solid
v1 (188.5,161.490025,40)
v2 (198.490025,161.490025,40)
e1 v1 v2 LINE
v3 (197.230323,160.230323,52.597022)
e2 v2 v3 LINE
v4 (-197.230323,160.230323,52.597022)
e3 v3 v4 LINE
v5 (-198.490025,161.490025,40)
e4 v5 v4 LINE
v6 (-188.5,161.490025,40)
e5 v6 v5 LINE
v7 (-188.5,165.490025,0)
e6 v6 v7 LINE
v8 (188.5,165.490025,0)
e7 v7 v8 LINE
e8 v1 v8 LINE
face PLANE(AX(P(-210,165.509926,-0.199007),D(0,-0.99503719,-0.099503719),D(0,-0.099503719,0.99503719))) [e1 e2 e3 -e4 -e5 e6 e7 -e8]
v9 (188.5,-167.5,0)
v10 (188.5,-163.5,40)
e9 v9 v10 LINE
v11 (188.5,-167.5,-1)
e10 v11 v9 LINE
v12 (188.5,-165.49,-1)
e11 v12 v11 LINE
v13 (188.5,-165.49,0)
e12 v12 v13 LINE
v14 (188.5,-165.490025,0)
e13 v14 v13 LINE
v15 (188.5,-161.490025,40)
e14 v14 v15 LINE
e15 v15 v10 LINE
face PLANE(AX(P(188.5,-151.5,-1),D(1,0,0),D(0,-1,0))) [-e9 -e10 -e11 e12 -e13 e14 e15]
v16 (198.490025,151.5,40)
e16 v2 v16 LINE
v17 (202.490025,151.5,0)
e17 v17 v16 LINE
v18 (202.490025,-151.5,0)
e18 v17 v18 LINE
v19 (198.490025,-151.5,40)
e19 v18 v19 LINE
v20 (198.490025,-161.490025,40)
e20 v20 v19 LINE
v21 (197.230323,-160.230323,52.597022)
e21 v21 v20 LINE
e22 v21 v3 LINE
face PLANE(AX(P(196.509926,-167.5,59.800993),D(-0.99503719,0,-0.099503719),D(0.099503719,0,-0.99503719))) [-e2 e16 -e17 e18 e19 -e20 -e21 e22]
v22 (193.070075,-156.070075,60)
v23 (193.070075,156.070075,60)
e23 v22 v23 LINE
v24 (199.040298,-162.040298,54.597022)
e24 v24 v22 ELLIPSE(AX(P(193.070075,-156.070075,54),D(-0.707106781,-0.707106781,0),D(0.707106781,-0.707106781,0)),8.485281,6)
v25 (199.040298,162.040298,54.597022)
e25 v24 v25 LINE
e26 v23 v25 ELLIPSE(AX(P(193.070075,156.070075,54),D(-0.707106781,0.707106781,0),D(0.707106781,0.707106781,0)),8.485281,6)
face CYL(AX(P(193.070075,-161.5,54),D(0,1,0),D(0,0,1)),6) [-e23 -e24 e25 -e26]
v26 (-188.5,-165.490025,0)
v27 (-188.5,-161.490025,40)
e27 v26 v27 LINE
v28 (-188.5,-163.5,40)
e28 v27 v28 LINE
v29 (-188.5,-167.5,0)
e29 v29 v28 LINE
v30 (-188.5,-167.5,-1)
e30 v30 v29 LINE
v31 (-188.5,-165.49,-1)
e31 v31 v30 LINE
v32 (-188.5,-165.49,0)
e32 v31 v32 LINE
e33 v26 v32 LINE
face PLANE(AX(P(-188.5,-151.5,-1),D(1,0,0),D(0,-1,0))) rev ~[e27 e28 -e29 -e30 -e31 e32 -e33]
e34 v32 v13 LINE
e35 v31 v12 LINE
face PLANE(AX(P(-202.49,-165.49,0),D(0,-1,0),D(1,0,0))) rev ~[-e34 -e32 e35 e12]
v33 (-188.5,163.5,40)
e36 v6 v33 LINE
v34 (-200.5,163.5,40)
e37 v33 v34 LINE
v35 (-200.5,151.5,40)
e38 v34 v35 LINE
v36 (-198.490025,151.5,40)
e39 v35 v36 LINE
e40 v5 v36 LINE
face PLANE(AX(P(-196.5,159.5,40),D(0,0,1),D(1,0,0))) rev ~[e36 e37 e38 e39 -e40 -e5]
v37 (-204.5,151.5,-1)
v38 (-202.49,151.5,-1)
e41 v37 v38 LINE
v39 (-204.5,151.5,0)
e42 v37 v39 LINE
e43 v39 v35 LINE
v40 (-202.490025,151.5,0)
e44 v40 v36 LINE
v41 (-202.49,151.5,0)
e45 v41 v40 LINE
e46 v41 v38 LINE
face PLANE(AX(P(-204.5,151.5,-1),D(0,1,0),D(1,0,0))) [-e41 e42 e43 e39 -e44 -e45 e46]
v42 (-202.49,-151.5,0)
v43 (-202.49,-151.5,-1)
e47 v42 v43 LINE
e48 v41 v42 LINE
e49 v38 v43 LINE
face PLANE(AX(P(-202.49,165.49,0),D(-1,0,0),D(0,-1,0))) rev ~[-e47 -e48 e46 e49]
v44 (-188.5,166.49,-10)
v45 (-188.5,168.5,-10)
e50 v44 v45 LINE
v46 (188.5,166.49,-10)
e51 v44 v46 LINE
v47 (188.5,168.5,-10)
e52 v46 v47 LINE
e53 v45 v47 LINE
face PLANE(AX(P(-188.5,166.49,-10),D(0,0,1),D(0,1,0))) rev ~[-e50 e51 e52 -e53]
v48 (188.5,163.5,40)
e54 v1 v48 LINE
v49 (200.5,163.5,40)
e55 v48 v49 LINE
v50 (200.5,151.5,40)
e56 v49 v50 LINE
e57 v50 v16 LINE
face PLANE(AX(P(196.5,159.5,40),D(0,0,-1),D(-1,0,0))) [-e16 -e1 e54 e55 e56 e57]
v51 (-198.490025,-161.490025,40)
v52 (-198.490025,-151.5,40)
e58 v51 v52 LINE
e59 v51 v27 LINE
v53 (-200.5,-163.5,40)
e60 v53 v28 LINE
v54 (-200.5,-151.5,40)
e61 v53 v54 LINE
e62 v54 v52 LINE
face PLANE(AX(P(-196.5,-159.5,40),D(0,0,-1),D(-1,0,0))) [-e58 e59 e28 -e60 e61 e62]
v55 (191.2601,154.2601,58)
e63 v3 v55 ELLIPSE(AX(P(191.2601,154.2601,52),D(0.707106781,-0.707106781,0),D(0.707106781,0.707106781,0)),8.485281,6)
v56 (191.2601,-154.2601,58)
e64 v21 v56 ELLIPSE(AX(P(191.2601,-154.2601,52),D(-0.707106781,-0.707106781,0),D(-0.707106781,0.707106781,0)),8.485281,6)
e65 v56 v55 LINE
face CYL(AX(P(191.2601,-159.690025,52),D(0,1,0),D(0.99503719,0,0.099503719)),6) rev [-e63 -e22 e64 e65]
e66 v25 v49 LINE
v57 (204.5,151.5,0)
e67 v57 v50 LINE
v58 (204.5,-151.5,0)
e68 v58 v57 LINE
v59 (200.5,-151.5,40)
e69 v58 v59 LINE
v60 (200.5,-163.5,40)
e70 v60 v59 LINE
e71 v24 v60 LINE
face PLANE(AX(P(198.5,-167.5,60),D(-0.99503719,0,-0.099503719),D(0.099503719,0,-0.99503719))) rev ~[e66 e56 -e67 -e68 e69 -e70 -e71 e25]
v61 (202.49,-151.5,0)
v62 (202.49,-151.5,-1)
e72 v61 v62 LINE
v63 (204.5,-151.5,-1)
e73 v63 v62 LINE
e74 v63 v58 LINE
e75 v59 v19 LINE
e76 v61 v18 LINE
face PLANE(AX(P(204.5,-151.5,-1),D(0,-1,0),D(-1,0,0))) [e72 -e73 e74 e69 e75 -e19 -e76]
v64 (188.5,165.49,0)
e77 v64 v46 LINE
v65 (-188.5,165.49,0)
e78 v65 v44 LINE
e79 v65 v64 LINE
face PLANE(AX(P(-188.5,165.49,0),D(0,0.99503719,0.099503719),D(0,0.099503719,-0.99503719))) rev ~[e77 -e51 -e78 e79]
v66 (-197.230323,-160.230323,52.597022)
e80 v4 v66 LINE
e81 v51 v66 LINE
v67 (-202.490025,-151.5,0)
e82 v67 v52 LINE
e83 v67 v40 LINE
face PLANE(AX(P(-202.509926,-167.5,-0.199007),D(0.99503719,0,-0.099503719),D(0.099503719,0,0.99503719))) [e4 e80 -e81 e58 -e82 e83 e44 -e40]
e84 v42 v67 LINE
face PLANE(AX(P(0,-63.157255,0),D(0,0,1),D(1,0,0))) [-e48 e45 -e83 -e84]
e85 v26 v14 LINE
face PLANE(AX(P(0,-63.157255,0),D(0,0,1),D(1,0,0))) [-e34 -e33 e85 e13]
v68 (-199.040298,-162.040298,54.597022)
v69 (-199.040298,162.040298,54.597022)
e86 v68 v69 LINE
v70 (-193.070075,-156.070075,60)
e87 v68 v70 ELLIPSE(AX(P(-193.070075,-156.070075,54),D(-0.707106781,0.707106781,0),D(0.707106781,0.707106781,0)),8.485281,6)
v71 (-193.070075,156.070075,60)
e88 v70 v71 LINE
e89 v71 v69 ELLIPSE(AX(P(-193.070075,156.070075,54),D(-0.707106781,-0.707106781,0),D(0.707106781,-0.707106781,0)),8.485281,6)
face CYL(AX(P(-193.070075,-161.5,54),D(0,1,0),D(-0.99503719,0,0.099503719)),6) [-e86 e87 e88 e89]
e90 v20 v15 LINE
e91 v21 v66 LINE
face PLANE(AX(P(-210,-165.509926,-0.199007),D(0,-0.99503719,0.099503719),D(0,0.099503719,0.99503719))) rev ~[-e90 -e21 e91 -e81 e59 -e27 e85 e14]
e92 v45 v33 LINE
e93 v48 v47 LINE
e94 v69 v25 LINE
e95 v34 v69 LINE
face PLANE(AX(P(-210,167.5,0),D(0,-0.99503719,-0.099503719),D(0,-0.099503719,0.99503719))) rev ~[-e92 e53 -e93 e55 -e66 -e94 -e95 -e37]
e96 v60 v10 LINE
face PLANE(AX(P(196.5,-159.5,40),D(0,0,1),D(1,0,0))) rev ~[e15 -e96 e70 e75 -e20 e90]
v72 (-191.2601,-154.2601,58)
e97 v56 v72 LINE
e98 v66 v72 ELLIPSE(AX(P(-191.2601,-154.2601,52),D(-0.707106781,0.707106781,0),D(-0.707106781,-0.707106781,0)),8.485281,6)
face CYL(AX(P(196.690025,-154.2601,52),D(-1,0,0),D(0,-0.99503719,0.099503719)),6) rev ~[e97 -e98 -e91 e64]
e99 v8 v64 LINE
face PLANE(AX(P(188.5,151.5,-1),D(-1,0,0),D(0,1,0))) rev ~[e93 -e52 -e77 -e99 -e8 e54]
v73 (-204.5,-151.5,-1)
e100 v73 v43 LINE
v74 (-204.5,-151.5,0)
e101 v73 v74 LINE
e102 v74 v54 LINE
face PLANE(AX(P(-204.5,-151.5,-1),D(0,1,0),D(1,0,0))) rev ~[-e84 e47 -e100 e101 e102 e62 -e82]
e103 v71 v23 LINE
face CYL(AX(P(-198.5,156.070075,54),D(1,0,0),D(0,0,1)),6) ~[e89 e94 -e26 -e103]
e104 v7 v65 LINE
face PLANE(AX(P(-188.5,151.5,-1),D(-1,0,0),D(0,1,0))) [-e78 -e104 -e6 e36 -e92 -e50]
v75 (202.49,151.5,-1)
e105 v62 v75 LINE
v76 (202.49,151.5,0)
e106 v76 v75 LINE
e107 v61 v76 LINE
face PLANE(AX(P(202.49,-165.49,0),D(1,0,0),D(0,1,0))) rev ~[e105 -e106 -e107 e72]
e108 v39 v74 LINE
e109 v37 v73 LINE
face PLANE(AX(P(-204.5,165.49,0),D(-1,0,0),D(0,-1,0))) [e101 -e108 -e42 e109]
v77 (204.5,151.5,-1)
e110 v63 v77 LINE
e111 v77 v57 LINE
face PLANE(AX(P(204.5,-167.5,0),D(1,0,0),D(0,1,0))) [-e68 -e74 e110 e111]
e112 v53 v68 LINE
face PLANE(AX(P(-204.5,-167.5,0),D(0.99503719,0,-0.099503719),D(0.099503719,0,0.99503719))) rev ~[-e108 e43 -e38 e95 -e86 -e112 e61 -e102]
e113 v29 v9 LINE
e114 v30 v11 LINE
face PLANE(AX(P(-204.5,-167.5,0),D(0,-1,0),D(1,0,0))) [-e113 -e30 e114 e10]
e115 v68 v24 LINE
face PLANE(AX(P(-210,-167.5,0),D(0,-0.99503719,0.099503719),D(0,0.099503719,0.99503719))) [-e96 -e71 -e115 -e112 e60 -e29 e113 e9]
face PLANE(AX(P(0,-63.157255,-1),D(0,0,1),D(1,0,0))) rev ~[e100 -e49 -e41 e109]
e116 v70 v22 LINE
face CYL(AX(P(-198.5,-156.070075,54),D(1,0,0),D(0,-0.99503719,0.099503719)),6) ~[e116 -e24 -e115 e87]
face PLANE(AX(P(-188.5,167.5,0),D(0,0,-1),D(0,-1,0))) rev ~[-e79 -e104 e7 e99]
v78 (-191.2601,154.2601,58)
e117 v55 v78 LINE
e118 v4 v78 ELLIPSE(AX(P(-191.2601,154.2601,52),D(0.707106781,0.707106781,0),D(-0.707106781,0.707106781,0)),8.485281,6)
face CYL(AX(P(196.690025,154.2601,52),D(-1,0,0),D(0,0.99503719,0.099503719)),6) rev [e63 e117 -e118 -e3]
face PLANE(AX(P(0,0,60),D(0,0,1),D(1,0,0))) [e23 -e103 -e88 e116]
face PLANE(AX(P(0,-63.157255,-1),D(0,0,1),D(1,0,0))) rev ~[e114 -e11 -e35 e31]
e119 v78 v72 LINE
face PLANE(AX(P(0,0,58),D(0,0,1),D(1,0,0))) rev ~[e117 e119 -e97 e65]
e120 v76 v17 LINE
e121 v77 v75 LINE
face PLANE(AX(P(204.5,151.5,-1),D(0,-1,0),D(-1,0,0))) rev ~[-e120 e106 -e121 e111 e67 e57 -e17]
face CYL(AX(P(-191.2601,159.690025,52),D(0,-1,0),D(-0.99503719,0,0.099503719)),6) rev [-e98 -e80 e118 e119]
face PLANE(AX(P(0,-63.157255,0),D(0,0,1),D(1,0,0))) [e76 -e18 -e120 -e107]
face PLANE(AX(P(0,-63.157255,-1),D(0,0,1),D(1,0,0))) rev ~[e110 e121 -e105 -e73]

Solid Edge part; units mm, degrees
sketch "Sketch1" plane through (0, 0, 0) normal (0, 0, 1) x (1, 0, 0)
  line L0 (-204.5, -167.5) -> (204.5, -167.5)
  line L1 (204.5, -167.5) -> (204.5, 167.5)
  line L2 (204.5, 167.5) -> (-204.5, 167.5)
  line L3 (-204.5, 167.5) -> (-204.5, -167.5)
  dimension "D1" = 409
  dimension "D2" = 335
extrude "Protrusion1" add sketch "Sketch1" along normal blind 60
sketch "Sketch2" plane through (0, -167.5, 30) normal (0, -1, 0) x (1, 0, 0)
  line L0 (-204.5, -30) -> (-198.5, 30)
  line L1 (-198.5, 30) -> (-204.5, 30)
  line L2 (-204.5, 30) -> (-204.5, -30)
  line L3 (198.5, 30) -> (204.5, -30)
  line L4 (204.5, -30) -> (204.5, 30)
  line L5 (204.5, 30) -> (198.5, 30)
  dimension "D1" = 6
  dimension "D2" = 6
extrude "Cutout1" cut sketch "Sketch2" against normal up to next
sketch "Sketch3" plane through (-210, 0, 0) normal (-1, 0, 0) x (0, -1, 0)
  line L0 (-167.5, 0) -> (-161.5, 60)
  line L1 (-161.5, 60) -> (-167.5, 60)
  line L2 (-167.5, 60) -> (-167.5, 0)
  line L3 (167.5, 0) -> (161.5, 60)
  line L4 (161.5, 60) -> (167.5, 60)
  line L5 (167.5, 60) -> (167.5, 0)
  dimension "D1" = 6
  dimension "D2" = 6
extrude "Cutout_2" cut sketch "Sketch3" against normal up to next
shell "Thin_Wall" thickness 2 removed faces 1 at (-140.4233, -108.3167, 0)
sketch "Sketch4" plane through (0, 0, 0) normal (0, 0, -1) x (-1, 0, 0)
  line L0 (204.5, 165.49) -> (204.5, -167.5)
  line L1 (204.5, -167.5) -> (-204.5, -167.5)
  line L2 (-204.5, -167.5) -> (-204.5, 165.49)
  line L3 (-202.49, 165.49) -> (-204.5, 165.49)
  line L4 (-202.49, -165.49) -> (-202.49, 165.49)
  line L5 (202.49, -165.49) -> (-202.49, -165.49)
  line L6 (202.49, 165.49) -> (202.49, -165.49)
  line L7 (202.49, 165.49) -> (204.5, 165.49)
extrude "Attachment" add sketch "Sketch4" along normal blind 1
sketch "Sketch5" plane through (0, 0, -1) normal (0, 0, -1) x (0, 1, 0)
  line L0 (-167.5, 204.5) -> (-151.5, 204.5)
  line L1 (-151.5, 204.5) -> (-151.5, 188.5)
  line L2 (-151.5, 188.5) -> (-167.5, 188.5)
  line L3 (-167.5, 188.5) -> (-167.5, 204.5)
  line L4 (167.5, 204.5) -> (151.5, 204.5)
  line L5 (151.5, 204.5) -> (151.5, 188.5)
  line L6 (151.5, 188.5) -> (167.5, 188.5)
  line L7 (167.5, 188.5) -> (167.5, 204.5)
  line L8 (167.5, -204.5) -> (151.5, -204.5)
  line L9 (151.5, -204.5) -> (151.5, -188.5)
  line L10 (151.5, -188.5) -> (167.5, -188.5)
  line L11 (167.5, -188.5) -> (167.5, -204.5)
  line L12 (-167.5, -204.5) -> (-151.5, -204.5)
  line L13 (-151.5, -204.5) -> (-151.5, -188.5)
  line L14 (-151.5, -188.5) -> (-167.5, -188.5)
  line L15 (-167.5, -188.5) -> (-167.5, -204.5)
  dimension "D1" = 16
  dimension "D2" = 16
extrude "Cutout___Pillars" cut sketch "Sketch5" against normal blind 41
fillet "Round___Top" radius 6 8 edges at (0, -161.5, 60) (198.5, 0, 60) (0, 161.5, 60) (-198.5, 0, 60) (0, -159.69, 58) (196.69, 0, 58) (0, 159.69, 58) (-196.69, 0, 58)
sketch "Sketch6" plane through (-188.5, 0, 0) normal (1, 0, 0) x (0, 1, 0)
  line L0 (165.49, 0) -> (166.49, -10)
  line L1 (166.49, -10) -> (168.5, -10)
  line L2 (168.5, -10) -> (167.5, 0)
  line L3 (167.5, 0) -> (165.49, 0)
  dimension "D1" = 10
extrude "Front" add sketch "Sketch6" along normal blind 377
properties material "Glass, general industrial"
